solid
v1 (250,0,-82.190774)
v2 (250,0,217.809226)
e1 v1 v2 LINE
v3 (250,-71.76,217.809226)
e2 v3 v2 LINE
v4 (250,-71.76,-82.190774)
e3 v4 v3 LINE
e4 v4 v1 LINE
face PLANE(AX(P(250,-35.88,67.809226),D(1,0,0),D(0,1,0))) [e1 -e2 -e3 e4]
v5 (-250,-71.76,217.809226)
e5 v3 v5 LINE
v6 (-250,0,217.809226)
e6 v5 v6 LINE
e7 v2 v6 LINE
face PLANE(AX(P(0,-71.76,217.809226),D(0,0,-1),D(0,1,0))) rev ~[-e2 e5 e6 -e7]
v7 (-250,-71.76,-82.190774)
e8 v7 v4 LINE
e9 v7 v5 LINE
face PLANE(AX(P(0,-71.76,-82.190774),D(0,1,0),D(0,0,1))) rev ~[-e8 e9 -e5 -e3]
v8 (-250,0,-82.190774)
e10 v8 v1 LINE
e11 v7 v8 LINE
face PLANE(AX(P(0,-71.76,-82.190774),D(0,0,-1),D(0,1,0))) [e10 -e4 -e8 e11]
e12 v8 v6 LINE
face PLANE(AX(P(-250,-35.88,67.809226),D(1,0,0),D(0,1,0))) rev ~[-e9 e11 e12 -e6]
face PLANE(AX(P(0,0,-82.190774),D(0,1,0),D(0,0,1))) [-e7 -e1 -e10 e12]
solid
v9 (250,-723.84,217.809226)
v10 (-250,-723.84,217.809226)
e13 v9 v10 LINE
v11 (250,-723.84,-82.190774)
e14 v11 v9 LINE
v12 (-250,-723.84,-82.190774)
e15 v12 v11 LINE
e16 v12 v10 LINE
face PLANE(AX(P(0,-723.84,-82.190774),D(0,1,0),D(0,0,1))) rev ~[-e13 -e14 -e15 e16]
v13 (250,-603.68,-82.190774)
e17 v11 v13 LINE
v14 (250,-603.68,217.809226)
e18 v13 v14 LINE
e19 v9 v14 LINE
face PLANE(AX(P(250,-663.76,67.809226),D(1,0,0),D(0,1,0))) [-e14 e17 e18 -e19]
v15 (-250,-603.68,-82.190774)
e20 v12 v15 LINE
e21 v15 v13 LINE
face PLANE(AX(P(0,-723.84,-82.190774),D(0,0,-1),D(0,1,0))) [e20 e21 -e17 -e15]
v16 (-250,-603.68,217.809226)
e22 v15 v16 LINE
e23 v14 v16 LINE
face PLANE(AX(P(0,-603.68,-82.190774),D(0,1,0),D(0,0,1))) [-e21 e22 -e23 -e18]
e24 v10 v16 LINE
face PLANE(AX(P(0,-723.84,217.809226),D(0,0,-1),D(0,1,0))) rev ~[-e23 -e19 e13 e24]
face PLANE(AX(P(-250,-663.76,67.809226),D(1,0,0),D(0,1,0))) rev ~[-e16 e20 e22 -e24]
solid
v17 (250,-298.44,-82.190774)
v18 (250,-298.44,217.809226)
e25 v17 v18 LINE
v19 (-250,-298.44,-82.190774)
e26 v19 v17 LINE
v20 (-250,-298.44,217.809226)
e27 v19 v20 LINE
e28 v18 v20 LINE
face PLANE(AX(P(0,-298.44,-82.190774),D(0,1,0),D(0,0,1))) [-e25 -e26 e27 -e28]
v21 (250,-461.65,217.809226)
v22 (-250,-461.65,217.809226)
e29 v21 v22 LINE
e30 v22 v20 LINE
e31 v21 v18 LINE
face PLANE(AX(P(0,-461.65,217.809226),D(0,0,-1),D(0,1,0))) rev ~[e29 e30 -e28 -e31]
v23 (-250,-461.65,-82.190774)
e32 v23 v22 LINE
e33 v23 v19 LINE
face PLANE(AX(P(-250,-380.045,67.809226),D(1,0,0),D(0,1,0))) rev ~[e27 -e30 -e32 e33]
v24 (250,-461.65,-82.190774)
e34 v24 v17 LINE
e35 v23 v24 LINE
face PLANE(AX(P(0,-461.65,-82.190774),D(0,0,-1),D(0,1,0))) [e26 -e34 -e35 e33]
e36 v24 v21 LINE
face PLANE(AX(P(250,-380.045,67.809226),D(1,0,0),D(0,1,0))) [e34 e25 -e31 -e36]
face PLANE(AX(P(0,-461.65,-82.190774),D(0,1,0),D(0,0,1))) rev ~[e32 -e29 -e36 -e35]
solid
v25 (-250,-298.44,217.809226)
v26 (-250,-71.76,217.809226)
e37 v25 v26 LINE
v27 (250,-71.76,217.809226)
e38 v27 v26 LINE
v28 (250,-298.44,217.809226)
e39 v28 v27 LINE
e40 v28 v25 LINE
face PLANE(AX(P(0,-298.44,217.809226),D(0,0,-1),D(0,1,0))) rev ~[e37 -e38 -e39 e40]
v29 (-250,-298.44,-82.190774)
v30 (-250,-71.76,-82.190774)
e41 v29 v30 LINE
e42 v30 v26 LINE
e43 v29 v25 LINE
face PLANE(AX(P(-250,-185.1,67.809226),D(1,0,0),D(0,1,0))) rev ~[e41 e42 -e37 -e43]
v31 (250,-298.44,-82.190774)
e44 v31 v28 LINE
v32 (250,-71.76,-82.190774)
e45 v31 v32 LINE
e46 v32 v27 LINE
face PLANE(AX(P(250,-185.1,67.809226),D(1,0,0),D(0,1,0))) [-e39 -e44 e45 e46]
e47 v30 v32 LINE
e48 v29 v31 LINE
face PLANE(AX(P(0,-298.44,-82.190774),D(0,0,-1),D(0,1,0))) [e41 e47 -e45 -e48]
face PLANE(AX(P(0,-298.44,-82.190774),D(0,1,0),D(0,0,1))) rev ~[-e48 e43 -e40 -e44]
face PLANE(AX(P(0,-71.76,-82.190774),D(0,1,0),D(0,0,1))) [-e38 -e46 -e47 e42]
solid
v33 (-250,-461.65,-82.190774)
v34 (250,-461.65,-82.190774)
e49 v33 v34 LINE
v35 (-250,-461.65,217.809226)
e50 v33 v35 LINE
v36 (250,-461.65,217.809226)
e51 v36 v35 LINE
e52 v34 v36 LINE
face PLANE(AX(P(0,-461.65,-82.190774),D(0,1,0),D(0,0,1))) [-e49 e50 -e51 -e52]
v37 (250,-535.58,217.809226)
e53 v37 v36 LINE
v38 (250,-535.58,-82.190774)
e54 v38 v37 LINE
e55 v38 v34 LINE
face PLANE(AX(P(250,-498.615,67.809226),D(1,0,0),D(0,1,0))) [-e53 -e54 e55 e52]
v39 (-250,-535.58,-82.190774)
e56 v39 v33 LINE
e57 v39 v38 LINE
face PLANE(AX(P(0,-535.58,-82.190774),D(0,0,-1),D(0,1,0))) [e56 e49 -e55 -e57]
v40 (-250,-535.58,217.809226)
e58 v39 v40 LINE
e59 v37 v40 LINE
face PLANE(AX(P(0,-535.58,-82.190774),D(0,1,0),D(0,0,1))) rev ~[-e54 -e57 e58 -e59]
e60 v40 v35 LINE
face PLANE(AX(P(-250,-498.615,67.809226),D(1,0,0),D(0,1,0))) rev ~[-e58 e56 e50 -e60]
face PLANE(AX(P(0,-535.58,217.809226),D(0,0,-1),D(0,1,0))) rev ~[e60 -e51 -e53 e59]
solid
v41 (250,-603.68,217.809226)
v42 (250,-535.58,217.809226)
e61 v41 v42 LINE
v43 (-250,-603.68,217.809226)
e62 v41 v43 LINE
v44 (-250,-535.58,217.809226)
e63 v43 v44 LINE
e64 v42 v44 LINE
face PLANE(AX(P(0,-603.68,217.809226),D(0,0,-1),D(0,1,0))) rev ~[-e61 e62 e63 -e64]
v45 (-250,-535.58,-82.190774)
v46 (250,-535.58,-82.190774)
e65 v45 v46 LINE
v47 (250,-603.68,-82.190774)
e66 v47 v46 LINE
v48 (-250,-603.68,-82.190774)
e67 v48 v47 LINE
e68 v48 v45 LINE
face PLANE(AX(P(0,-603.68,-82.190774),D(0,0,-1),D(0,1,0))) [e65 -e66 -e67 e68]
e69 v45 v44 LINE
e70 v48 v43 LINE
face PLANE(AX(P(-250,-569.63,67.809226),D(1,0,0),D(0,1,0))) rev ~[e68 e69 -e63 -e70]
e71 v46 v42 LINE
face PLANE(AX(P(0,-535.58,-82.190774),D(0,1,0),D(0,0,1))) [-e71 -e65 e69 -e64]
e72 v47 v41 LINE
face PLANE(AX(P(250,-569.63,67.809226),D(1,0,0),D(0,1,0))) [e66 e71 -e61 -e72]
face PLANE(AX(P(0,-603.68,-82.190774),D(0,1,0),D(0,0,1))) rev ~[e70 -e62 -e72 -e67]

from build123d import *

# Parameters (mm, degrees)
F1_W     = 163.21
F1_H     = 300
F2_DEPTH = 250
F1_W_2   = 73.93
F3_DEPTH = 250
F1_W_3   = 68.1
F4_DEPTH = 250
F1_W_4   = 120.16
F5_DEPTH = 250
F0_W     = 71.76
F0_H     = 300
F6_DEPTH = 250
F1_W_5   = 226.68
F8_DEPTH = 250


with BuildPart() as f2:
    # F1 (on face) → F2 (new body, symmetric)
    with BuildSketch(Plane.YZ):
        with Locations((-380.045, 67.8092256188)):
            Rectangle(F1_W, F1_H)
    extrude(amount=F2_DEPTH, both=True)


with BuildPart() as f3:
    # F1 (on face) → F3 (new body, symmetric)
    with BuildSketch(Plane.YZ):
        with Locations((-498.615, 67.8092256188)):
            Rectangle(F1_W_2, F1_H)
    extrude(amount=F3_DEPTH, both=True)


with BuildPart() as f4:
    # F1 (on face) → F4 (new body, symmetric)
    with BuildSketch(Plane.YZ):
        with Locations((-569.63, 67.8092256188)):
            Rectangle(F1_W_3, F1_H)
    extrude(amount=F4_DEPTH, both=True)


with BuildPart() as f5:
    # F1 (on face) → F5 (new body, symmetric)
    with BuildSketch(Plane.YZ):
        with Locations((-663.76, 67.8092256188)):
            Rectangle(F1_W_4, F1_H)
    extrude(amount=F5_DEPTH, both=True)


with BuildPart() as f6:
    # F0 (on Right) → F6 (new body, symmetric)
    with BuildSketch(Plane.YZ):
        with Locations((-35.88, 67.8092256188)):
            Rectangle(F0_W, F0_H)
    extrude(amount=F6_DEPTH, both=True)


with BuildPart() as f8:
    # F1 (on face) → F8 (new body, symmetric)
    with BuildSketch(Plane.YZ):
        with Locations((-185.1, 67.8092256188)):
            Rectangle(F1_W_5, F1_H)
    extrude(amount=F8_DEPTH, both=True)


solid = Compound([f2.part, f3.part, f4.part, f5.part, f6.part, f8.part])
